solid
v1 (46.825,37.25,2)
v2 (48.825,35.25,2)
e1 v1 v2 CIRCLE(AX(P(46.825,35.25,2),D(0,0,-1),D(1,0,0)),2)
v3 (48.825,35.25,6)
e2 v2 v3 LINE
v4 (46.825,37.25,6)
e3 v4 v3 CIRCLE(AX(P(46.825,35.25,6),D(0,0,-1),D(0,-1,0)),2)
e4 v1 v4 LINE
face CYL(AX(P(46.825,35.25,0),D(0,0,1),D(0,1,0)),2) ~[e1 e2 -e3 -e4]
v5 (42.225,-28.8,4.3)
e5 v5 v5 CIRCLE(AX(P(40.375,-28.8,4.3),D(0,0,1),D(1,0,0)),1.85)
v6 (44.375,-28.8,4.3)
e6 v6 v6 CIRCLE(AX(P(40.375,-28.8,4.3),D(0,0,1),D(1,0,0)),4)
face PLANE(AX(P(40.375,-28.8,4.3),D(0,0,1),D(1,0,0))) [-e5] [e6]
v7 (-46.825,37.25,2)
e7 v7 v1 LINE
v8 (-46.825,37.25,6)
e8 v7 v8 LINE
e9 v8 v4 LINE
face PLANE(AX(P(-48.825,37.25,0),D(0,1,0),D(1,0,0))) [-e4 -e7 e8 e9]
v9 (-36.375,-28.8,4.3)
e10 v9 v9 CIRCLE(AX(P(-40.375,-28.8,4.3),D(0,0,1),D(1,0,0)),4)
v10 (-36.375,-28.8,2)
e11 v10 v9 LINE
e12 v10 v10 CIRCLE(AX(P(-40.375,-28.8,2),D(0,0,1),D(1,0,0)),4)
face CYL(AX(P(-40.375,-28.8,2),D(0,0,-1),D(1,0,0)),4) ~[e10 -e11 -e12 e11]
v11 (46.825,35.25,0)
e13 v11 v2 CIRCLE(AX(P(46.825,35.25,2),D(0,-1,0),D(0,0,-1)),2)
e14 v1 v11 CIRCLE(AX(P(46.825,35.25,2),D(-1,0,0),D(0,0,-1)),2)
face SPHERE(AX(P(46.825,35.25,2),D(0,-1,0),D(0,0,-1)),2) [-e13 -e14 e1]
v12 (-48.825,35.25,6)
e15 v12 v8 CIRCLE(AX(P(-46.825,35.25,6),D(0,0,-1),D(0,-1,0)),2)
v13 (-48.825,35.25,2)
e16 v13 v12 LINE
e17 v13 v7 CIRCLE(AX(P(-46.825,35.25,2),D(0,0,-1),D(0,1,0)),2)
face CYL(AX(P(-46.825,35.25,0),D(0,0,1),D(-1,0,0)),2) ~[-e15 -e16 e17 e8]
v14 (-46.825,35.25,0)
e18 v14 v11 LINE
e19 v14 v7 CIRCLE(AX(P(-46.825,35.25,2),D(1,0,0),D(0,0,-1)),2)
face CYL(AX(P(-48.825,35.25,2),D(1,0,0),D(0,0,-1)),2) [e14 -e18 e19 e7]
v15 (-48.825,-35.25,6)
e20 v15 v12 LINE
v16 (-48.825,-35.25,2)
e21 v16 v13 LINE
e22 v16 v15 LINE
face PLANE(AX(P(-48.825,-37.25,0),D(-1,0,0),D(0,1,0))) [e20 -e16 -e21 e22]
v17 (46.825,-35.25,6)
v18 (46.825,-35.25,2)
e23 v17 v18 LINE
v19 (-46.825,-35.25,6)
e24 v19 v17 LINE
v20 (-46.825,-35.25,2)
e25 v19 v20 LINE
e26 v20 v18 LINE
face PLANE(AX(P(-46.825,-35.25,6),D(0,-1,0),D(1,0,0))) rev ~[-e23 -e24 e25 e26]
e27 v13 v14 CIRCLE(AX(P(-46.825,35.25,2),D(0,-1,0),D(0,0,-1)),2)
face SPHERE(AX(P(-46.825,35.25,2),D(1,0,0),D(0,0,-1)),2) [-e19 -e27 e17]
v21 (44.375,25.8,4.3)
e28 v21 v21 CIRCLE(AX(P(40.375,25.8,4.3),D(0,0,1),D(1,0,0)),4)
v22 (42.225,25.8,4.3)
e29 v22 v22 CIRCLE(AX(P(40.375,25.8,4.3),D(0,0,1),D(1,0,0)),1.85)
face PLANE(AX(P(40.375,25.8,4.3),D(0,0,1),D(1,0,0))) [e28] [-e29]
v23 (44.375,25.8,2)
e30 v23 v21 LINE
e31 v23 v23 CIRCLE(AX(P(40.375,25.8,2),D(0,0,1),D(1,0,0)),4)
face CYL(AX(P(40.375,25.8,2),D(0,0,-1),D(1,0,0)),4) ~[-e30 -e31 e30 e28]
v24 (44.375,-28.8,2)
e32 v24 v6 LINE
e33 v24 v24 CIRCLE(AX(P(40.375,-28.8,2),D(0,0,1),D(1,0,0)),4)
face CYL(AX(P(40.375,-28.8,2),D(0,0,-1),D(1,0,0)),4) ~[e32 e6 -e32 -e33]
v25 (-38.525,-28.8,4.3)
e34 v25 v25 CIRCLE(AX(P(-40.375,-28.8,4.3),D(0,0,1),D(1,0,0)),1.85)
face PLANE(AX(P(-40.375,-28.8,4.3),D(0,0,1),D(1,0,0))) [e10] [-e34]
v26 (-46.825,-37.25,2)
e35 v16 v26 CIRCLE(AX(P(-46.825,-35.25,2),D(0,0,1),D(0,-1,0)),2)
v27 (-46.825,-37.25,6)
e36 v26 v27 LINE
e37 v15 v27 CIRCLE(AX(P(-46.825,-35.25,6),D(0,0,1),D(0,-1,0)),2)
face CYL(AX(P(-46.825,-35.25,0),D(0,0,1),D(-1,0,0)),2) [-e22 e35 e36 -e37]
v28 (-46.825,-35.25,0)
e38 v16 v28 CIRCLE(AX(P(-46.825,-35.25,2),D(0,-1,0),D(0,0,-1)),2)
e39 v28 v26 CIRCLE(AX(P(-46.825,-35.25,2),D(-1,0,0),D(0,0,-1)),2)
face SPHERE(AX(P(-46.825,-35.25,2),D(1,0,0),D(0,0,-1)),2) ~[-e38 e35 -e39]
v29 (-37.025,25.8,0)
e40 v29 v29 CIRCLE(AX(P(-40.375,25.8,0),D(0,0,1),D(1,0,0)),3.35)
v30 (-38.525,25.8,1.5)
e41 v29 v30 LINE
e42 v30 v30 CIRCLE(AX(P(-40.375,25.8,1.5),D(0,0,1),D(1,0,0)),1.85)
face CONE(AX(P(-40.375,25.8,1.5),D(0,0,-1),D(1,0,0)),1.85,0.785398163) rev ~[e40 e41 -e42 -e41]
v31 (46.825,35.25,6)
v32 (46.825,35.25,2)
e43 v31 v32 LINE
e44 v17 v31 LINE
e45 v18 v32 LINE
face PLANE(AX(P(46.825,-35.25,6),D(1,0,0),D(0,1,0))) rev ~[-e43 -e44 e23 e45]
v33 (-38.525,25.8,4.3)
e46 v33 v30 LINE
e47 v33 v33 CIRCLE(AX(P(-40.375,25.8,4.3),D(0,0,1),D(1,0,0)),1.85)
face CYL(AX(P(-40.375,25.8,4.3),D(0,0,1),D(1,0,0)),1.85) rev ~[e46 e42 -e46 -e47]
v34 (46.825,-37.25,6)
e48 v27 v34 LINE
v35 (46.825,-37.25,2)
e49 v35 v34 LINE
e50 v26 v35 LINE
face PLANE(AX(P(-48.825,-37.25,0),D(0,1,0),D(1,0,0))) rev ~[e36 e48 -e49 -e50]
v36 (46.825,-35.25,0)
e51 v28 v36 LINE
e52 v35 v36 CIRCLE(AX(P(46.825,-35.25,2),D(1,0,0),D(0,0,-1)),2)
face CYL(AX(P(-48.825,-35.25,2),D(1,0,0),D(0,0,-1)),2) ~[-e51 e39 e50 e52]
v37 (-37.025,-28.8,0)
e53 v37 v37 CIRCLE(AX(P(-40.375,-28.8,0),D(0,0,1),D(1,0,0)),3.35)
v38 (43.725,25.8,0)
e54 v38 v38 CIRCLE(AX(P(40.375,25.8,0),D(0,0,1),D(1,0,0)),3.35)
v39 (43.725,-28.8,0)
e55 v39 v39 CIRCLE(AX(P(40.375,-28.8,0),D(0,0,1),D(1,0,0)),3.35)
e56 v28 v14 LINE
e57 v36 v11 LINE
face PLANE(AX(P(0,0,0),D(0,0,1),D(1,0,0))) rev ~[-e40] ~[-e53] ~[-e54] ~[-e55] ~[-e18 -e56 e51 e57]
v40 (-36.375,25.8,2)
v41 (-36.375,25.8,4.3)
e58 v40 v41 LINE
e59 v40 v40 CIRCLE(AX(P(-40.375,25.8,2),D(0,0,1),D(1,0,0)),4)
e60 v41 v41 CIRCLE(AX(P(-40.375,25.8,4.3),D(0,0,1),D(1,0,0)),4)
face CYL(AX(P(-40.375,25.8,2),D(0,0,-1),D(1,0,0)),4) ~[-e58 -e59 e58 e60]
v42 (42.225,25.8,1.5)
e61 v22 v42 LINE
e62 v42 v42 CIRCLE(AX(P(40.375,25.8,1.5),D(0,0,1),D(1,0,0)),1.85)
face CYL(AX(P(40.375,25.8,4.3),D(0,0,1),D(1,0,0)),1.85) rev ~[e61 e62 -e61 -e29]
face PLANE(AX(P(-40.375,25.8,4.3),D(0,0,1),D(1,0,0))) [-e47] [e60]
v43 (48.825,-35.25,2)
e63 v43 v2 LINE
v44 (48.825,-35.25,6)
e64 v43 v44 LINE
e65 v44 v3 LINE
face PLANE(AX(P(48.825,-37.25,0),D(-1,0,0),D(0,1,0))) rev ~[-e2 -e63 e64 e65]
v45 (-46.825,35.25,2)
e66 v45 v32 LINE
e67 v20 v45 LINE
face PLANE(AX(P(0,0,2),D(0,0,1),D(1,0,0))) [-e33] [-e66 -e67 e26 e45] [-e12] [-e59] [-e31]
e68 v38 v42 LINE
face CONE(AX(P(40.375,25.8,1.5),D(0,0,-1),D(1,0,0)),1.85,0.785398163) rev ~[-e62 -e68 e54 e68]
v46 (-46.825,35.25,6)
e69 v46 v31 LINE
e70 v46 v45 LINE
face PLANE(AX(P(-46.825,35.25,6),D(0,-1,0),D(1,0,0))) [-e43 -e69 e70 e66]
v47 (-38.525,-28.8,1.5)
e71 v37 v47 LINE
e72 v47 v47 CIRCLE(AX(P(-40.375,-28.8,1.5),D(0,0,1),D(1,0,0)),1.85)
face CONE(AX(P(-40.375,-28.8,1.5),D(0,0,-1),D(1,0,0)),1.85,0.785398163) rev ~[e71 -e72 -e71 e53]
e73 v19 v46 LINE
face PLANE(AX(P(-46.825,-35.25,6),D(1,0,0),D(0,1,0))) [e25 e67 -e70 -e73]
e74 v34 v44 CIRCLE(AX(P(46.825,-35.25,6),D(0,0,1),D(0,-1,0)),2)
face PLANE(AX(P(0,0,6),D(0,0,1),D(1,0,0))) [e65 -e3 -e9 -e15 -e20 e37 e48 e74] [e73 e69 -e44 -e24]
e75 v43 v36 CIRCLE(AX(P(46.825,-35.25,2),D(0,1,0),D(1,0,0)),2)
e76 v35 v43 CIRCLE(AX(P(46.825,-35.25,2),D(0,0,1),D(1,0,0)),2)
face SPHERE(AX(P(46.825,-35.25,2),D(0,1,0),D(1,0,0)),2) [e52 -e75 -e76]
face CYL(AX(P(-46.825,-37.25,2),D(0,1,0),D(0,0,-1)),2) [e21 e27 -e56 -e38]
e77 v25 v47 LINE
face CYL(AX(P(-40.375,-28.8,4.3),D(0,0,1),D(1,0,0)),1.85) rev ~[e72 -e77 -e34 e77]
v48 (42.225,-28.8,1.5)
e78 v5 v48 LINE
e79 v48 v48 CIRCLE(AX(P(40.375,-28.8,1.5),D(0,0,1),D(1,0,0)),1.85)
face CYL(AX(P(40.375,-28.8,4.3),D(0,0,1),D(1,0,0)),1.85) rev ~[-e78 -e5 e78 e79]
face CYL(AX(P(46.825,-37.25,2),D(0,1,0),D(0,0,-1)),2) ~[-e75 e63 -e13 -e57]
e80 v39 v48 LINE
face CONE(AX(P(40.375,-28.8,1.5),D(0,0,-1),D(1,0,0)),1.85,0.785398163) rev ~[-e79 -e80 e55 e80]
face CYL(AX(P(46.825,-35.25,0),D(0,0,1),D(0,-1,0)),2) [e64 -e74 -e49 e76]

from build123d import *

# Parameters (mm, degrees)
SKETCH_W        = 97.65
SKETCH_H        = 74.5
PAD_DEPTH       = 6
SKETCH001_W     = 93.65
SKETCH001_H     = 70.5
POCKET_DEPTH    = 4
SKETCH002_R     = 4
PAD001_DEPTH    = 2.3
SKETCH003_R     = 1.85
POCKET001_DEPTH = 4.301
CHAMFER_SIZE    = 1.5
FILLET_R        = 2


with BuildPart() as part:
    # Sketch → Pad (new body)
    with BuildSketch(Plane.XY):
        Rectangle(SKETCH_W, SKETCH_H)
    extrude(amount=PAD_DEPTH)

    # Sketch001 → Pocket (cut)
    with BuildSketch(Plane.XY.offset(6)):
        Rectangle(SKETCH001_W, SKETCH001_H)
    extrude(amount=-POCKET_DEPTH, mode=Mode.SUBTRACT)

    # Sketch002 → Pad001 (new body)
    with BuildSketch(Plane.XY.offset(2)):
        with Locations((-40.375, 25.8)):
            Circle(SKETCH002_R)
        with Locations((40.375, 25.8)):
            Circle(SKETCH002_R)
        with Locations((40.375, -28.8)):
            Circle(SKETCH002_R)
        with Locations((-40.375, -28.8)):
            Circle(SKETCH002_R)
    extrude(amount=PAD001_DEPTH)

    # Sketch003 → Pocket001 (cut, through all)
    with BuildSketch(Plane.XY.offset(4.3)):
        with Locations((-40.375, 25.8)):
            Circle(SKETCH003_R)
        with Locations((40.375, -28.8)):
            Circle(SKETCH003_R)
        with Locations((40.375, 25.8)):
            Circle(SKETCH003_R)
        with Locations((-40.375, -28.8)):
            Circle(SKETCH003_R)
    extrude(amount=-POCKET001_DEPTH, mode=Mode.SUBTRACT)

    # Chamfer
    chamfer_edges = [part.edges().sort_by_distance(p)[0] for p in [
        (38.525, 25.8, 0),
        (-42.225, -28.8, 0),
        (38.525, -28.8, 0),
        (-42.225, 25.8, 0),
    ]]
    chamfer(chamfer_edges, length=CHAMFER_SIZE)

    # Fillet
    fillet_edges = [part.edges().sort_by_distance(p)[0] for p in [
        (48.825, 0, 0),
        (48.825, -37.25, 3),
        (0, -37.25, 0),
        (0, 37.25, 0),
        (-48.825, 0, 0),
        (-48.825, 37.25, 3),
        (-48.825, -37.25, 3),
        (48.825, 37.25, 3),
    ]]
    fillet(fillet_edges, radius=FILLET_R)


solid = part.part
